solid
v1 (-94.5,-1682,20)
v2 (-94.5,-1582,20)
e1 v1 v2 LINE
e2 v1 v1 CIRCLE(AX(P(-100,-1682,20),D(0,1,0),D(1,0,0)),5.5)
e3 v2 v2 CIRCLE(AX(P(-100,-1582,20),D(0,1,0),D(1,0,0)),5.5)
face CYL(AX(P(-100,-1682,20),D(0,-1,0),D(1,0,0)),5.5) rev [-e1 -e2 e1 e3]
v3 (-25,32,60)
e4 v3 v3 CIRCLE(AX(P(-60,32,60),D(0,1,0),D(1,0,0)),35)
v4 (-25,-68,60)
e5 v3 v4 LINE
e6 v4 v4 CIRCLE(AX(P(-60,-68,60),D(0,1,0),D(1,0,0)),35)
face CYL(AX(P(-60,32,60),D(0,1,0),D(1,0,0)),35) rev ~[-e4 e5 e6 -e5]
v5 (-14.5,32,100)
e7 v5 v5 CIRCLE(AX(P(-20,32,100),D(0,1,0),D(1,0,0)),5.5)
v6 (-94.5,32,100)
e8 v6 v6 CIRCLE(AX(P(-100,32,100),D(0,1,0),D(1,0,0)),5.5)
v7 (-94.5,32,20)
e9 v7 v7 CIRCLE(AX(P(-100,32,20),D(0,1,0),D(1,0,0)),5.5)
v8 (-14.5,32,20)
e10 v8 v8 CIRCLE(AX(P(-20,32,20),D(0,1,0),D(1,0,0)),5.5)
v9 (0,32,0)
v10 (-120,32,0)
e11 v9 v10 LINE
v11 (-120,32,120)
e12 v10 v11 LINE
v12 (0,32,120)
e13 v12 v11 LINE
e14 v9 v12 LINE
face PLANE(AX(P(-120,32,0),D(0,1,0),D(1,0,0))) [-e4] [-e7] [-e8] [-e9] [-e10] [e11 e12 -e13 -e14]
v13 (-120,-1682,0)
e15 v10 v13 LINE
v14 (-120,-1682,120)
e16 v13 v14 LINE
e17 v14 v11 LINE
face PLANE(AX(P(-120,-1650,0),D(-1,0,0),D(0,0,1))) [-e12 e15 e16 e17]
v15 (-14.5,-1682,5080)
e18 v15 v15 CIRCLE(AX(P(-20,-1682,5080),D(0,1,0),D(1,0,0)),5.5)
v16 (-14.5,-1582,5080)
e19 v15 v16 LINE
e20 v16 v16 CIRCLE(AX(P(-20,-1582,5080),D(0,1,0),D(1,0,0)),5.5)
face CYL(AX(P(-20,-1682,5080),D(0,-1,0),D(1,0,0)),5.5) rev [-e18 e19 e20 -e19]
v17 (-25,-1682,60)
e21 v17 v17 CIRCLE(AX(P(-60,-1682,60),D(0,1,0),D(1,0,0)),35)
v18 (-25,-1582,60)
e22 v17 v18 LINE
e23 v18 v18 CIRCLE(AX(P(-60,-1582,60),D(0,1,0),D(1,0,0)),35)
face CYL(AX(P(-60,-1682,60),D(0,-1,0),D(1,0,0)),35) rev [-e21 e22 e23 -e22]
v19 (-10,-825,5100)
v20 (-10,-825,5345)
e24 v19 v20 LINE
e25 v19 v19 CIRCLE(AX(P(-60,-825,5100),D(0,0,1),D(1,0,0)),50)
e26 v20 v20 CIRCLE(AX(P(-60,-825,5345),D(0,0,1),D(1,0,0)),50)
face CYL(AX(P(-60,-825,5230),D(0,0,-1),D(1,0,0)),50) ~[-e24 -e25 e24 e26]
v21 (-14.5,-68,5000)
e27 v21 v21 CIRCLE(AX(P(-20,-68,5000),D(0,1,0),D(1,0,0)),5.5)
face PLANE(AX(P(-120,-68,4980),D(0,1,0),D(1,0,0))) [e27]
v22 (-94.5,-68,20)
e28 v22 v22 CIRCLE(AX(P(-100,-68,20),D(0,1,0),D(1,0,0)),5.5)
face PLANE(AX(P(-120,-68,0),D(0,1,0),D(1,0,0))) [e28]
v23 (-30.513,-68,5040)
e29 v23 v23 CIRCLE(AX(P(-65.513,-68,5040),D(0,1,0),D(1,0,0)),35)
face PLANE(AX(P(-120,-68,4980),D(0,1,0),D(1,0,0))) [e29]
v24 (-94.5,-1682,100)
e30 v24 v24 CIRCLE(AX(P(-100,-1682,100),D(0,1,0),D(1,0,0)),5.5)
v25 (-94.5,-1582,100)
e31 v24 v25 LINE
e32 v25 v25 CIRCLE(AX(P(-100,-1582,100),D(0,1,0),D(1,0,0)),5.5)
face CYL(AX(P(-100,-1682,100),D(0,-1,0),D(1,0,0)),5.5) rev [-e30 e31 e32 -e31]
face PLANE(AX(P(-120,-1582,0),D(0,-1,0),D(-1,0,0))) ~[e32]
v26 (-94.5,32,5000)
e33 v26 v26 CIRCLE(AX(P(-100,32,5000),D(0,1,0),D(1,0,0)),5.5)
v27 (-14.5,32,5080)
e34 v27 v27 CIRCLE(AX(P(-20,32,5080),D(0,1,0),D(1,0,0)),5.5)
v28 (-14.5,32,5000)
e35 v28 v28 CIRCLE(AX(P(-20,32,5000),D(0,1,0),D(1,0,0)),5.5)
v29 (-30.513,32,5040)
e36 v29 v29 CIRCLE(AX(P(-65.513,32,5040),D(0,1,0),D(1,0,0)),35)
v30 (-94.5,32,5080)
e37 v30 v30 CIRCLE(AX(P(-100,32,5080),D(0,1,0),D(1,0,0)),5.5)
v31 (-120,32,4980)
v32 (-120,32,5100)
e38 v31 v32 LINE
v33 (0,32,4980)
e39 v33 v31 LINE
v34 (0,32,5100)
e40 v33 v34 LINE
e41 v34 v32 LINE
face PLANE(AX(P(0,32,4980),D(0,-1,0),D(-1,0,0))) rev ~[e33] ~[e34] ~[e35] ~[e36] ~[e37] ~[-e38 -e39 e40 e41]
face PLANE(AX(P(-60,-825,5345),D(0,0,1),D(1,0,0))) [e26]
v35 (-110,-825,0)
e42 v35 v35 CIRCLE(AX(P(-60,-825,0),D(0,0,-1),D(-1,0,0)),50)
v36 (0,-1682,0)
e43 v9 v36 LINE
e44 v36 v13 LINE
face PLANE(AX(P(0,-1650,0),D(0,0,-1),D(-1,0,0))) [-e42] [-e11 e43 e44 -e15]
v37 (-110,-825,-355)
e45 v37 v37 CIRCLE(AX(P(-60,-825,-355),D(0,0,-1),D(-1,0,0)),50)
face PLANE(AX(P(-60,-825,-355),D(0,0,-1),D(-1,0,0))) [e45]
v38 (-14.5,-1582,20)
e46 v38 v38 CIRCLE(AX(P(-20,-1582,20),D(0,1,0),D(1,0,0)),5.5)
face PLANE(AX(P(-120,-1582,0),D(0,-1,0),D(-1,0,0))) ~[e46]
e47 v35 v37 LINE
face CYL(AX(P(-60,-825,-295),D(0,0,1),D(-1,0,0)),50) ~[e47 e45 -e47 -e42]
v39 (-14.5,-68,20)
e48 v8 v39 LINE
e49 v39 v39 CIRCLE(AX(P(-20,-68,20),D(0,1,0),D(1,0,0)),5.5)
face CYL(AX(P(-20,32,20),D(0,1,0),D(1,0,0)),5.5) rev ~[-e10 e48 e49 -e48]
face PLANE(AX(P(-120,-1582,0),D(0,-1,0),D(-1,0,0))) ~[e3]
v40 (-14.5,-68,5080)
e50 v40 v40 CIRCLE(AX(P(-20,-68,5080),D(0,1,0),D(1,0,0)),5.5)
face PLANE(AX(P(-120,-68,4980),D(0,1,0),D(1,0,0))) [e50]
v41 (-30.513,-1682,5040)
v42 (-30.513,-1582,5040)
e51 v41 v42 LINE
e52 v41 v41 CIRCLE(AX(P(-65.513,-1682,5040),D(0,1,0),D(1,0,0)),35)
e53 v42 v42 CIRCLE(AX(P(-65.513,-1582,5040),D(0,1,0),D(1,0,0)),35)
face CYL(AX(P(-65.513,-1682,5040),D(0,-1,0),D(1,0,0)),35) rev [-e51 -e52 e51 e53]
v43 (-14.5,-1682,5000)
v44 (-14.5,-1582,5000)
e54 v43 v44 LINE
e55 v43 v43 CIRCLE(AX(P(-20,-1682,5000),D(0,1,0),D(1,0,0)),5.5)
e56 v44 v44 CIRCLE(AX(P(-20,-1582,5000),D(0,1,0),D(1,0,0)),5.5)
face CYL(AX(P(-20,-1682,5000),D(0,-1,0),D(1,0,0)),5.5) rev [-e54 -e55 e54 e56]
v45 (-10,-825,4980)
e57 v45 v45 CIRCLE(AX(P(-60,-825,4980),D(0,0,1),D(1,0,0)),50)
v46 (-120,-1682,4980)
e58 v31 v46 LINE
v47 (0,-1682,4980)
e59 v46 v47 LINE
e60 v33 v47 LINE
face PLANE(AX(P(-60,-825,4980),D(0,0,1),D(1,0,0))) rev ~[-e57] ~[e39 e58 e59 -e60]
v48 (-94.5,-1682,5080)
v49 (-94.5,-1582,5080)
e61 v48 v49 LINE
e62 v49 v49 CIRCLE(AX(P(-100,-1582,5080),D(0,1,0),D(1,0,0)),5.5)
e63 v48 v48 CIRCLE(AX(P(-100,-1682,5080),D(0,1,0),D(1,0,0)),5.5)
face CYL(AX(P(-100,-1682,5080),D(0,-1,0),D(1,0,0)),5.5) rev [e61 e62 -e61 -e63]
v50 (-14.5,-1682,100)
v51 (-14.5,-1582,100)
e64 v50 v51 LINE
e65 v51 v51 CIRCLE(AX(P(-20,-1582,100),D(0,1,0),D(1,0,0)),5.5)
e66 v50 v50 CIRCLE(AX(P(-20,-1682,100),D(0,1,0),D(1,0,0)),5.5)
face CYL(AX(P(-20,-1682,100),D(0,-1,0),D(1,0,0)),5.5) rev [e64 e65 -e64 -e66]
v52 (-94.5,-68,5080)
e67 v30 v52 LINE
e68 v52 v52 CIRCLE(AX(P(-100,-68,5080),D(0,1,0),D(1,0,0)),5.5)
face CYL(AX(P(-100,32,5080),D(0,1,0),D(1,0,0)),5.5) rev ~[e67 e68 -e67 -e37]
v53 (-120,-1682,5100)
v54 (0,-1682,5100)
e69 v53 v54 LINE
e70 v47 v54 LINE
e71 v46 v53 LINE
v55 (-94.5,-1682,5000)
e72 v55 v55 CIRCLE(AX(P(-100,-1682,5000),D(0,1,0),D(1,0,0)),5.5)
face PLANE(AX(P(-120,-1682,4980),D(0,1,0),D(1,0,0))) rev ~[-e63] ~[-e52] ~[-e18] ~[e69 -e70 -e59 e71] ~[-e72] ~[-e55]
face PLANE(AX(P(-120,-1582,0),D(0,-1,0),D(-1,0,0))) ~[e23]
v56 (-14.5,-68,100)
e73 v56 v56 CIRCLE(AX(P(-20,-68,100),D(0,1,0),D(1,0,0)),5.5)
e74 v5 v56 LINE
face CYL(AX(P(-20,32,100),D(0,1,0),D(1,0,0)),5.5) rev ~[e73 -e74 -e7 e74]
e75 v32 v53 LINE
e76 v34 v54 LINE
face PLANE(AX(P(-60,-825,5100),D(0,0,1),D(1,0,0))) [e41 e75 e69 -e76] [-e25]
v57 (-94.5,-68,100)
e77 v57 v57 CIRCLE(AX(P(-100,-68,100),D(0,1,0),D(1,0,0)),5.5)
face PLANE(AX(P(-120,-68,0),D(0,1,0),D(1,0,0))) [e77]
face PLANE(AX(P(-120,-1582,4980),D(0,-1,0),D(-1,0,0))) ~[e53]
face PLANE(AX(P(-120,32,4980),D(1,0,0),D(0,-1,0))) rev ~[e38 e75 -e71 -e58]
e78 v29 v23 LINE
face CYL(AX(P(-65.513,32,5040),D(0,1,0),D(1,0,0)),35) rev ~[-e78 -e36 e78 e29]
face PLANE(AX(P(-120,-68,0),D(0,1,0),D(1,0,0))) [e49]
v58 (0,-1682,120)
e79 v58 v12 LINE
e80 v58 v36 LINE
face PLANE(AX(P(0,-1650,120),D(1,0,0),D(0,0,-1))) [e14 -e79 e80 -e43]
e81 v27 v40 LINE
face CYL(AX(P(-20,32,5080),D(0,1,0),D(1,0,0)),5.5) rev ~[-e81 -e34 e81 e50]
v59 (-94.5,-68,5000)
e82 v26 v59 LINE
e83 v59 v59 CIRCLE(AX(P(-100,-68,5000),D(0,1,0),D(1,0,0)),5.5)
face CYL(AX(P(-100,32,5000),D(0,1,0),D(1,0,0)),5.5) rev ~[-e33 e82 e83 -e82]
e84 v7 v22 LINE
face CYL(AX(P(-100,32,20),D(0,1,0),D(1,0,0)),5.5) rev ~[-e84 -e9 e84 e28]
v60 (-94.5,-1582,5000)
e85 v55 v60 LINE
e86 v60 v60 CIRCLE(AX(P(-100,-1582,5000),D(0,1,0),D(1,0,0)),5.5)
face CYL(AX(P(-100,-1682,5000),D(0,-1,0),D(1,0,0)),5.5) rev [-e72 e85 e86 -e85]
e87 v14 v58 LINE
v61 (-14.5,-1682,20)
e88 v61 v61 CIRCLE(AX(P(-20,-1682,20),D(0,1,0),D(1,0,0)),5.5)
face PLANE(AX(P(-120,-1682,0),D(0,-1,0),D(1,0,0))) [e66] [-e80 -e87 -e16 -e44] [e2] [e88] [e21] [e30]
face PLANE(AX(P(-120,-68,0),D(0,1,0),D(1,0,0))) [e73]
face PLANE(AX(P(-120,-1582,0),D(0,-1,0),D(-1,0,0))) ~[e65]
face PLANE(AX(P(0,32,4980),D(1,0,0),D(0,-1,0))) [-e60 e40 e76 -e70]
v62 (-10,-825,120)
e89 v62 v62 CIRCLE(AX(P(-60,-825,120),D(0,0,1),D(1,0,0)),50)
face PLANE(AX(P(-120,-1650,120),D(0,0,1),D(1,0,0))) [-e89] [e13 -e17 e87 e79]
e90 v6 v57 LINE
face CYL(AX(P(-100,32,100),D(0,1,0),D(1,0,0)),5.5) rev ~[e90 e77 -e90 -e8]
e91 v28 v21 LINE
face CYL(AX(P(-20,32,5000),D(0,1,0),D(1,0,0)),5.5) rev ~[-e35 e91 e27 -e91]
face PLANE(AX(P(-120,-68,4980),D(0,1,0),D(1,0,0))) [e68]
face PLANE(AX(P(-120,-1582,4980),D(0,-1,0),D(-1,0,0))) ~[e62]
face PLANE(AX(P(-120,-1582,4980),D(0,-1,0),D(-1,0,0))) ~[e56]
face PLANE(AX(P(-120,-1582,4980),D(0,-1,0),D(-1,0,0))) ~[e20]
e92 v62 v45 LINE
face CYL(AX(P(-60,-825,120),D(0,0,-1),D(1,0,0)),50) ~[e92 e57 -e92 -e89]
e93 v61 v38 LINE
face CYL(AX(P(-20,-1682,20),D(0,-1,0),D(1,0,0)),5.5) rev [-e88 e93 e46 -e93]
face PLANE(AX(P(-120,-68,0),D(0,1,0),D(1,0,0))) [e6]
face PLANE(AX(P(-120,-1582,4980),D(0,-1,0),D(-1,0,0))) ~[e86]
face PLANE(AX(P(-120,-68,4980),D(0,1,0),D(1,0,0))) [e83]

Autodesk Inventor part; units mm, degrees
ref_plane "YZ Plane" through (0, 0, 0) normal (1, 0, 0) x (0, 1, 0)
ref_plane "XZ Plane" through (0, 0, 0) normal (0, 1, 0) x (-1, 0, 0)
sketch "Sketch1" plane through (0, 0, 0) normal (0, 0, 1) x (1, 0, 0)
  line L0 (0, 0) -> (-120, 0)
  line L1 (-120, 0) -> (-120, -1650)
  line L2 (-120, -1650) -> (0, -1650)
  line L3 (0, -1650) -> (0, 0)
  dimension "d0" = 120
  dimension "d1" = 1650
extrude "Extrusion1" add sketch "Sketch1" along normal blind 120
sketch "Sketch2" plane through (0, 0, 120) normal (0, 0, 1) x (1, 0, 0)
  circle A0 centre (-60, -825) radius 50
  line L0 (-120, -1650) -> (0, -1650) projected
  line L1 (-120, 0) -> (-120, -1650) projected
  point P0 (0, 0)
  point P1 (-60, -1650)
  point P2 (-120, -825)
  dimension "d4" = 100
  dimension "d6" = 825
  dimension "d8" = 60
extrude "Extrusion2" add sketch "Sketch2" along normal blind 4860
sketch "Sketch11" plane through (0, 0, 0) normal (0, 0, -1) x (-1, 0, 0)
  circle A0 centre (60, -825) radius 50 projected
  circle A1 centre (60, -825) radius 50
  point P0 (0, 0)
  dimension "d52" = 100
extrude "Extrusion6" add sketch "Sketch11" along normal blind 130
sketch "Sketch12" plane through (-60, -825, -130) normal (0, 0, -1) x (-1, 0, 0)
  circle A0 centre (0, 0) radius 50
  point P0 (-60, 825)
  dimension "d48" = 100
  dimension "d49" = 827.1789
extrude "Extrusion7" add sketch "Sketch12" along normal blind 115
sketch "Sketch13" plane through (-120, 0, 0) normal (0, 1, 0) x (1, 0, 0)
  line L0 (120, 0) -> (120, -120) projected
  line L1 (120, -120) -> (0, -120) projected
  line L2 (120, 0) -> (0, 0)
  line L3 (0, 0) -> (0, -120)
  line L4 (0, -120) -> (120, -120)
  line L5 (120, -120) -> (120, 0)
extrude "Extrusion8" add sketch "Sketch13" along normal blind 32
sketch "Sketch14" plane through (-120, 32, 0) normal (0, 1, 0) x (1, 0, 0)
  circle A0 centre (20, -100) radius 5.5
  circle A1 centre (20, -20) radius 5.5
  circle A2 centre (100, -100) radius 5.5
  circle A3 centre (100, -20) radius 5.5
  circle A4 centre (60, -60) radius 35
  line L0 (0, 0) -> (0, -120) projected
  line L1 (0, -120) -> (120, -120) projected
  line L2 (120, 0) -> (0, 0) projected
  line L3 (120, -120) -> (120, 0) projected
  dimension "d59" = 20
  dimension "d60" = 20
  dimension "d61" = 20
  dimension "d62" = 11
  dimension "d63" = 11
  dimension "d64" = 11
  dimension "d65" = 11
  dimension "d66" = 20
  dimension "d67" = 20
  dimension "d68" = 20
  dimension "d69" = 20
  dimension "d70" = 20
  dimension "d71" = 70
  dimension "d72" = 60
  dimension "d73" = 60
extrude "Extrusion9" cut sketch "Sketch14" against normal blind 100 contours A0 | A1 | A2 | A3
extrude "Extrusion10" cut sketch "Sketch14" against normal blind 100 contours A4
sketch "Sketch15" plane through (-60, -825, 4980) normal (0, 0, 1) x (1, 0, 0)
  line L0 (60, 857) -> (60, -857) projected
  line L1 (-60, -857) -> (60, -857)
  line L2 (60, -857) -> (60, 857)
  line L3 (60, 857) -> (-60, 857)
  line L4 (-60, 857) -> (-60, -857)
  line L5 (-60, -857) -> (60, 857) construction
  line L6 (60, -857) -> (-60, 857) construction
  point P0 (60, 825)
  point P1 (0, 0)
  dimension "d79" = 4.005
  dimension "d80" = 120
extrude "Extrusion11" add sketch "Sketch15" along normal blind 120
sketch "Sketch16" plane through (-120, 32, 4980) normal (0, 1, 0) x (1, 0, 0)
  circle A0 centre (20, -100) radius 5.5
  circle A1 centre (20, -20) radius 5.5
  circle A2 centre (100, -100) radius 5.5
  circle A3 centre (100, -20) radius 5.5
  circle A4 centre (54.487, -60) radius 35
  line L0 (0, 0) -> (0, -120) projected
  line L1 (120, -120) -> (0, -120) projected
  line L2 (120, 0) -> (0, 0) projected
  line L3 (120, 0) -> (120, -120) projected
  point P0 (120, 4980)
  dimension "d83" = 11
  dimension "d84" = 11
  dimension "d85" = 11
  dimension "d86" = 11
  dimension "d87" = 20
  dimension "d88" = 20
  dimension "d89" = 20
  dimension "d90" = 20
  dimension "d91" = 20
  dimension "d92" = 20
  dimension "d93" = 20
  dimension "d94" = 20
  dimension "d95" = 60
  dimension "d96" = 70
  dimension "d97" = 65.513
extrude "Extrusion12" cut sketch "Sketch16" against normal blind 100 contours A0 | A1 | A2 | A3
extrude "Extrusion13" cut sketch "Sketch16" against normal blind 100 contours A4
sketch "Sketch17" plane through (-60, -825, 5100) normal (0, 0, 1) x (1, 0, 0)
  circle A0 centre (0, 0) radius 50
  point P0 (60, 825)
  dimension "d102" = 100
  dimension "d103" = 827.1789
extrude "Extrusion14" add sketch "Sketch17" along normal blind 130
sketch "Sketch18" plane through (-60, -825, 5230) normal (0, 0, 1) x (1, 0, 0)
  circle A0 centre (0, 0) radius 50
  point P0 (60, 825)
  dimension "d106" = 100
  dimension "d107" = 827.1789
extrude "Extrusion15" add sketch "Sketch18" along normal blind 115
sketch "Sketch20" plane through (-60, -825, -245) normal (0, 0, -1) x (-1, 0, 0)
  circle A0 centre (0, 0) radius 50
  point P0 (-60, 825)
  dimension "d113" = 100
  dimension "d114" = 827.1789
extrude "Extrusion16" add sketch "Sketch20" along normal blind 50
sketch "Sketch21" plane through (-120, -1650, 0) normal (0, -1, 0) x (1, 0, 0)
  line L0 (0, 0) -> (0, 120) projected
  line L1 (0, 120) -> (120, 120)
  line L2 (120, 120) -> (120, 0)
  line L3 (120, 0) -> (0, 0)
  line L4 (0, 0) -> (0, 120)
extrude "Extrusion17" add sketch "Sketch21" along normal blind 32
ref_plane "Work Plane6" through (-120, -825, 0) normal (0, 1, 0) x (1, 0, 0)
mirror "Mirror7" about plane through (-120, -825, 0) normal (0, 1, 0) of "Extrusion10", "Extrusion9"
mirror "Mirror8" about plane through (-120, -825, 0) normal (0, 1, 0) of "Extrusion13", "Extrusion12"
sketch "Sketch22" plane through (-60, -825, -295) normal (0, 0, -1) x (-1, 0, 0)
  circle A0 centre (0, 0) radius 50 projected
  circle A1 centre (0, 0) radius 50
  point P0 (-60, 825)
extrude "Extrusion18" add sketch "Sketch22" along normal blind 60
properties part number "Soporte Superior bandeja" material "Steel, Mild"
